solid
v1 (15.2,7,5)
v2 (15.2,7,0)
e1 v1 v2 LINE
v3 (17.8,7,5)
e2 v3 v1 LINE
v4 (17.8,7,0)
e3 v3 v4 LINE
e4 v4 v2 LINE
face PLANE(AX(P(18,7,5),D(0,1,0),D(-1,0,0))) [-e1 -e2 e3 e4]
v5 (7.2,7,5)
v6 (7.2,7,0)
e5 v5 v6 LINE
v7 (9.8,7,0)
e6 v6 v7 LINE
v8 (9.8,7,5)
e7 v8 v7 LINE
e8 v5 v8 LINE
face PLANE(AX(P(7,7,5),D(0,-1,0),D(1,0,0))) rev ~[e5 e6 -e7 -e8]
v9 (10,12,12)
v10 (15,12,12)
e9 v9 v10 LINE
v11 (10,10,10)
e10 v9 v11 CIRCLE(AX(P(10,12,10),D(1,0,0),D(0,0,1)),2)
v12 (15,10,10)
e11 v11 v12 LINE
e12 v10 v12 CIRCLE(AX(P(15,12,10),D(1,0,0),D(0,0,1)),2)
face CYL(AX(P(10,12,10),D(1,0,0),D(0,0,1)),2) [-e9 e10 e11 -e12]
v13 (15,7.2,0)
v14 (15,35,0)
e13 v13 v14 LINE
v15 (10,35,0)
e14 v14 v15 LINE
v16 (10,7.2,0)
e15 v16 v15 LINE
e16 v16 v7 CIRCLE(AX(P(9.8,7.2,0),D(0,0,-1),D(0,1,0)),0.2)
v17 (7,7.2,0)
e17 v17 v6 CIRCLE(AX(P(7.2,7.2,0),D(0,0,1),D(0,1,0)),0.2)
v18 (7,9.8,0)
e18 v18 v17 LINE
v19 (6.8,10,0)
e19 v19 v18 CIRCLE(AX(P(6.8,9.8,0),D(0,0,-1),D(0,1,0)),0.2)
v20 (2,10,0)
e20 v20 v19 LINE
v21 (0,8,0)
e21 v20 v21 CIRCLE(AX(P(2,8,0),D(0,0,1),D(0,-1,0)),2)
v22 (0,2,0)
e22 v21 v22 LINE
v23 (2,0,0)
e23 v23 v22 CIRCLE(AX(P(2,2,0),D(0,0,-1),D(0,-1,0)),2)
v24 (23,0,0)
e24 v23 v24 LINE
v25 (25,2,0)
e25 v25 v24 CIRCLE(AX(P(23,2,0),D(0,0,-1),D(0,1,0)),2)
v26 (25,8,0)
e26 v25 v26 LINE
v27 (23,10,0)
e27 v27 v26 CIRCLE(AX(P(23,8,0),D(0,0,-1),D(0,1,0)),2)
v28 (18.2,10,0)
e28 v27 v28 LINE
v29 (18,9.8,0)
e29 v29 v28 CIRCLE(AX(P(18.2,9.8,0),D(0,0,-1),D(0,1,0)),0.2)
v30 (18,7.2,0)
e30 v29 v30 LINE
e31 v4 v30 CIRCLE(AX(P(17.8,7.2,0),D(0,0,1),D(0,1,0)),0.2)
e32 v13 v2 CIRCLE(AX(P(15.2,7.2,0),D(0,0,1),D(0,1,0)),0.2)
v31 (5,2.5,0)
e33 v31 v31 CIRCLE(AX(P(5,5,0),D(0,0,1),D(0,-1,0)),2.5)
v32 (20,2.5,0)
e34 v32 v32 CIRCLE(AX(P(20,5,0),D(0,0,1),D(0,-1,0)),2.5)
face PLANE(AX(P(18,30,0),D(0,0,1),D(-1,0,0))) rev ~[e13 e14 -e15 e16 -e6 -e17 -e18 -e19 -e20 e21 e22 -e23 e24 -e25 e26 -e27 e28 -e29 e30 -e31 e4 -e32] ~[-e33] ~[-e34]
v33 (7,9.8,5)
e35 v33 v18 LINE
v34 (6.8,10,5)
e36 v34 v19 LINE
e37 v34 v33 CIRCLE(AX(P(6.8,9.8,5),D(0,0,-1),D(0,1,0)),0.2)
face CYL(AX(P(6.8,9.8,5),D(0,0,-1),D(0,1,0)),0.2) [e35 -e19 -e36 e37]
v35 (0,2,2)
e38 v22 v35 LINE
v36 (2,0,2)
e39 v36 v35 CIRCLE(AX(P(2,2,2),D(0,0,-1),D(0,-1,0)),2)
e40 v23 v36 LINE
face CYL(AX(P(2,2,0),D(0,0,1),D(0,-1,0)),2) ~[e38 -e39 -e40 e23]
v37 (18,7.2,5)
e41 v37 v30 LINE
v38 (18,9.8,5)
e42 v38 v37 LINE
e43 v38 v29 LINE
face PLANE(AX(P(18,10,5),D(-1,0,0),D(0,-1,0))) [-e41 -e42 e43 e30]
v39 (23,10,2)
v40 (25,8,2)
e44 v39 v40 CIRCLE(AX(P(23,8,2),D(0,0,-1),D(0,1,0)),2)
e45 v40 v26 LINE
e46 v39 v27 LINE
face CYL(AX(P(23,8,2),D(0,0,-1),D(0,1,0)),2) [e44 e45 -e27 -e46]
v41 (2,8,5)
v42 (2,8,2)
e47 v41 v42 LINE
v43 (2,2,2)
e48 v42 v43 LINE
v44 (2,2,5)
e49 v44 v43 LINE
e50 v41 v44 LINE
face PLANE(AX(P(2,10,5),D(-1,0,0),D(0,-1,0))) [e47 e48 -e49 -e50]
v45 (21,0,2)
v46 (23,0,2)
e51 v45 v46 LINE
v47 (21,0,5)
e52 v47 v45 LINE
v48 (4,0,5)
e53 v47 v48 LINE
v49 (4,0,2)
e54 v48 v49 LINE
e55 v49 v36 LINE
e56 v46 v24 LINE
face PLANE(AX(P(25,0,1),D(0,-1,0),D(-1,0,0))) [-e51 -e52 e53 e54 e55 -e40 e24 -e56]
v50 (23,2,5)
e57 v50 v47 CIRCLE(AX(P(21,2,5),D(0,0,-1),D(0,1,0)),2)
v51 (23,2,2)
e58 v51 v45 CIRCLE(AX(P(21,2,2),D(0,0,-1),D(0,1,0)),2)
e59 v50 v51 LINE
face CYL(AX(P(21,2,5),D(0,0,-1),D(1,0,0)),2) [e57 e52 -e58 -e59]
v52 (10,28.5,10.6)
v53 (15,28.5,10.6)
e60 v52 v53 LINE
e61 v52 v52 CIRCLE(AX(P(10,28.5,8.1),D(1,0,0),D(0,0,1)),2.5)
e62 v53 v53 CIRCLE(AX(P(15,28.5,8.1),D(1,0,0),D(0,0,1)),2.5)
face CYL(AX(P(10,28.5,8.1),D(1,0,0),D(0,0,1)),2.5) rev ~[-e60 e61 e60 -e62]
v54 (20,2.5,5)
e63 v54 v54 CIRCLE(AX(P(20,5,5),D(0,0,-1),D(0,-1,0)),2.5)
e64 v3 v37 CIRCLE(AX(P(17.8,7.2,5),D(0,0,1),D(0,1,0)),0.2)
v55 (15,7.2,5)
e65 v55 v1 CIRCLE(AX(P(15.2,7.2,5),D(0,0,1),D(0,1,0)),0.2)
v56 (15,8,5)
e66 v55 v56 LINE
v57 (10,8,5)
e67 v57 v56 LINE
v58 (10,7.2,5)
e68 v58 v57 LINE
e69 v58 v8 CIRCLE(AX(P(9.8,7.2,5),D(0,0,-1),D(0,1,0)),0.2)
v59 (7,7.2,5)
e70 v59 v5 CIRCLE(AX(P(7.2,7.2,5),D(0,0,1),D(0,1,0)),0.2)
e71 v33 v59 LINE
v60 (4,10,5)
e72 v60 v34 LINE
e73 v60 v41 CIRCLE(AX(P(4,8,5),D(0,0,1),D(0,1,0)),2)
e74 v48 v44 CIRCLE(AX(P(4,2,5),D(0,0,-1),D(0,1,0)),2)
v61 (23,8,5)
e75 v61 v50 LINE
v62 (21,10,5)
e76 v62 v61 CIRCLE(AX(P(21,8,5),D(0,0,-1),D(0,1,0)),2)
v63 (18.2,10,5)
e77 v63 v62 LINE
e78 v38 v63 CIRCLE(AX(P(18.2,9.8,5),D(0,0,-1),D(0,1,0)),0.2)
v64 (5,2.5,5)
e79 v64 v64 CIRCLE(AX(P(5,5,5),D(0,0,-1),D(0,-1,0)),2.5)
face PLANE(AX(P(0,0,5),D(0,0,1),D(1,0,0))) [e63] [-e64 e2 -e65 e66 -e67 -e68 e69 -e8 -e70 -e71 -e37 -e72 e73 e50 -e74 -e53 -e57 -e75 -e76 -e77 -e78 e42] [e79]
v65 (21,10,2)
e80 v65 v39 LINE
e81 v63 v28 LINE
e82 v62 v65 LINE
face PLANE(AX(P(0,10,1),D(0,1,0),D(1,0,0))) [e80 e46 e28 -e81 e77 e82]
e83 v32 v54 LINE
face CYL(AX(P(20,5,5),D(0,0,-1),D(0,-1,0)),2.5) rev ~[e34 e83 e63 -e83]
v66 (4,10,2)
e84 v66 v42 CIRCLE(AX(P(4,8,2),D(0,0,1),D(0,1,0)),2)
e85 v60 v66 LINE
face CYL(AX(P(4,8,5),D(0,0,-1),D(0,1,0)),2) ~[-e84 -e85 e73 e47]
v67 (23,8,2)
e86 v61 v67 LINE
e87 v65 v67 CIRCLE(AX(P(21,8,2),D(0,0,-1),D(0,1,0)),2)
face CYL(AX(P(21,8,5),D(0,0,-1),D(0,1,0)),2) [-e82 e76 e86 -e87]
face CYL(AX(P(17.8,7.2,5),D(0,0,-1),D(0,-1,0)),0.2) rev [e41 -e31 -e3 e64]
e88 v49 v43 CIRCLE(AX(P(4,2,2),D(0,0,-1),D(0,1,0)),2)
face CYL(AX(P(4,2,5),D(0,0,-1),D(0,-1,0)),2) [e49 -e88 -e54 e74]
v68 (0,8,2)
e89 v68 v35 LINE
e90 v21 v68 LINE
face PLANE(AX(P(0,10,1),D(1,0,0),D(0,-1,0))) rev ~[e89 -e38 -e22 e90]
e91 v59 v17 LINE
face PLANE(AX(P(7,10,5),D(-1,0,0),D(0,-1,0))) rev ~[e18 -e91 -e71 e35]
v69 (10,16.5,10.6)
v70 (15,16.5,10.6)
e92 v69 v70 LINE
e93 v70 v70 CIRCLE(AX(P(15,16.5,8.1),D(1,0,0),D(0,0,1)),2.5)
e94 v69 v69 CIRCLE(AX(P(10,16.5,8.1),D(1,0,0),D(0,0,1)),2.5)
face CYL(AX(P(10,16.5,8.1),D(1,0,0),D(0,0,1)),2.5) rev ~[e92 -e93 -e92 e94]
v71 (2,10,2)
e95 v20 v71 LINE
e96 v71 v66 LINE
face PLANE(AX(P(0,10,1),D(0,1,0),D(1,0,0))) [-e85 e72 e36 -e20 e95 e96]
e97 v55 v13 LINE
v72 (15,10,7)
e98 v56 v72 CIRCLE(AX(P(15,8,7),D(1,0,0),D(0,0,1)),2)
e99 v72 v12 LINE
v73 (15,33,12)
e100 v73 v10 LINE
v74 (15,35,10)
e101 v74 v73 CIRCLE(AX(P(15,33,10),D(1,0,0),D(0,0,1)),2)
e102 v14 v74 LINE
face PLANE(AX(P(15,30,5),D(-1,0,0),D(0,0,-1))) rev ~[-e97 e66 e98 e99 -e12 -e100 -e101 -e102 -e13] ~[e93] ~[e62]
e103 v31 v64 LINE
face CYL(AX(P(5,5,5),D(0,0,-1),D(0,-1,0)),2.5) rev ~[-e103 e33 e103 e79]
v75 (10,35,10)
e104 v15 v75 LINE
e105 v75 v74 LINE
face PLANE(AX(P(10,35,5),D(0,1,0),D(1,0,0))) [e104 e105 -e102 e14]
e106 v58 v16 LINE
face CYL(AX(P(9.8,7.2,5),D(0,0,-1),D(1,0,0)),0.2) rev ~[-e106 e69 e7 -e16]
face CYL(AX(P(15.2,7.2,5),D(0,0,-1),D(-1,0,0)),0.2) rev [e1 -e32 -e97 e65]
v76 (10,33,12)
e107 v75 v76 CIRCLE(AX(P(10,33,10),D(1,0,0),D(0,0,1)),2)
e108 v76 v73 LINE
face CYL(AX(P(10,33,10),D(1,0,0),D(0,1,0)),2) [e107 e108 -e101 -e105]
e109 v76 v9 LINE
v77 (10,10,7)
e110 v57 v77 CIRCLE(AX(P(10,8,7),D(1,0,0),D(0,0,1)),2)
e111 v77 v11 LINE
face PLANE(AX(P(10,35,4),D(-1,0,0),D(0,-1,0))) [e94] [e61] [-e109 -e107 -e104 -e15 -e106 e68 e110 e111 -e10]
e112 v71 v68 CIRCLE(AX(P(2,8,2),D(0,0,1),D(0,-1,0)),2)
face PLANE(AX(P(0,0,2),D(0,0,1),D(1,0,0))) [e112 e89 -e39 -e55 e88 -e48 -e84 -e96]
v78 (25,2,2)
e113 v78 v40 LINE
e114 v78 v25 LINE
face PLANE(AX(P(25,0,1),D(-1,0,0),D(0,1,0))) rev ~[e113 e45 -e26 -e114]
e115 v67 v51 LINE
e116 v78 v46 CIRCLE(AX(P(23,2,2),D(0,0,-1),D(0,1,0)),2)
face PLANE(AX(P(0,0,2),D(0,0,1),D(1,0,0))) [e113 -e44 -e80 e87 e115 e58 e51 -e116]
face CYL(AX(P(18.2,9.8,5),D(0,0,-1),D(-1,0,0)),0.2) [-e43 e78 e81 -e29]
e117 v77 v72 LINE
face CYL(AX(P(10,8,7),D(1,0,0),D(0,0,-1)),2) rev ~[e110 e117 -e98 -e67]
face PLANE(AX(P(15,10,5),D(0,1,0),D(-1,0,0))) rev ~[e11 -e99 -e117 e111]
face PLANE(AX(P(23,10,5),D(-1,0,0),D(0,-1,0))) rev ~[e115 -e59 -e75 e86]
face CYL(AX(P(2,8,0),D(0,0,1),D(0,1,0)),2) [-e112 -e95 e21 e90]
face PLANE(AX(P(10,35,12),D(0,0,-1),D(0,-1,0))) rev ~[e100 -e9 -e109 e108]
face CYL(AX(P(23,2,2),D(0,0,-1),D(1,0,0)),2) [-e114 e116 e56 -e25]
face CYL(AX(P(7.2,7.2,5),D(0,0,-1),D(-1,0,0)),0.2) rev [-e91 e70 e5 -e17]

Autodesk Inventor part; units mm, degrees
ref_plane "YZ Plane" through (0, 0, 0) normal (1, 0, 0) x (0, 1, 0)
ref_plane "XZ Plane" through (0, 0, 0) normal (0, 1, 0) x (-1, 0, 0)
ref_plane "XY Plane" through (0, 0, 0) normal (0, 0, 1) x (1, 0, 0)
sketch "スケッチ6" plane through (0, 0, 0) normal (0, 0, 1) x (1, 0, 0)
  line L0 (0, 0) -> (25, 0)
  line L1 (25, 0) -> (25, 30)
  line L2 (25, 30) -> (0, 30)
  line L3 (0, 30) -> (0, 0)
  circle A0 centre (5, 5) radius 2.5
  circle A1 centre (20, 5) radius 2.5
  dimension "d39" = 5
  dimension "d40" = 5
  dimension "d41" = 5
  dimension "d42" = 5
  dimension "d43" = 15
  dimension "d44" = 5
  dimension "d45" = 5
  dimension "d46" = 30
extrude "押し出し4" add sketch "スケッチ6" along normal blind 5
sketch "スケッチ7" plane through (0, 0, 5) normal (0, 0, 1) x (1, 0, 0)
  line L0 (25, 30) -> (0, 30) projected
  line L1 (10, 30) -> (15, 30)
  line L2 (15, 30) -> (15, 10)
  line L3 (15, 10) -> (10, 10)
  line L4 (10, 10) -> (10, 30)
  line L5 (25, 0) -> (25, 30) projected
  line L6 (0, 30) -> (0, 0) projected
  line L7 (0, 0) -> (25, 0) projected
  line L8 (10, 30) -> (15, 30)
  line L9 (15, 30) -> (15, 35)
  line L10 (15, 35) -> (10, 35)
  line L11 (10, 35) -> (10, 30)
  dimension "d49" = 5
  dimension "d50" = 10
  dimension "d51" = 10
  dimension "d52" = 10
  dimension "d55" = 5
  dimension "d56" = 5
extrude "押し出し5" add sketch "スケッチ7" along normal blind 10 contours L2 L3 L4 L0 | L0 L11 L10 L9
sketch "スケッチ8" plane through (10, 30, 5) normal (-1, 0, 0) x (0, 0, 1)
  line L0 (10, 5) -> (10, -20) projected
  line L1 (0, 5) -> (10, 5) projected
  line L2 (0, -20) -> (10, -20) projected
  point P0 (-5, -30)
  point P1 (3.1, -13.5)
  point P2 (3.1, -1.5)
  dimension "d57" = 6.9
  dimension "d58" = 6.9
  dimension "d59" = 12
  dimension "d60" = 6.5
  dimension "d61" = 6.5
hole "穴3" at (10, 16.5, 8.1) at (10, 28.5, 8.1) direction (1, 0, 0) diameter 5 depth 8
sketch "スケッチ9" plane through (0, 0, 5) normal (0, 0, 1) x (1, 0, 0)
  line L0 (10, 30) -> (0, 30) projected
  line L1 (0, 30) -> (7, 30)
  line L2 (7, 30) -> (7, 10)
  line L3 (7, 10) -> (0, 10)
  line L4 (0, 10) -> (0, 30)
  line L5 (25, 0) -> (25, 30) projected
  line L6 (25, 30) -> (18, 30)
  line L7 (18, 30) -> (18, 10)
  line L8 (18, 10) -> (25, 10)
  line L9 (25, 10) -> (25, 30)
  point P0 (0, 0)
  point P1 (5, 30)
  point P2 (18, 20)
  point P3 (7, 20)
  dimension "d70" = 20
  dimension "d72" = 7
  dimension "d73" = 7
extrude "押し出し6" cut sketch "スケッチ9" against normal blind 10
sketch "スケッチ10" plane through (0, 0, 5) normal (0, 0, 1) x (1, 0, 0)
  line L0 (10, 30) -> (7, 30) projected
  line L1 (7, 30) -> (7, 10) projected
  line L2 (7, 10) -> (0, 10) projected
  line L3 (0, 10) -> (0, 0) projected
  line L4 (0, 0) -> (25, 0) projected
  line L5 (25, 0) -> (25, 10) projected
  line L6 (25, 10) -> (18, 10) projected
  line L7 (18, 10) -> (18, 30) projected
  line L8 (18, 30) -> (15, 30) projected
  circle A0 centre (5, 5) radius 2.5 projected
  circle A1 centre (20, 5) radius 2.5 projected
  line L9 (2, 8) -> (23, 8)
  line L10 (23, 8) -> (23, 2)
  line L11 (23, 2) -> (2, 2)
  line L12 (2, 2) -> (2, 8)
  line L13 (2, 10) -> (2, 0)
  line L14 (24, 10) -> (19, 10) projected
  line L15 (23, 10) -> (23, 0)
  line L16 (15, 30) -> (15, 10) projected
  line L17 (15, 10) -> (10, 10) projected
  line L18 (10, 10) -> (10, 30) projected
  point P0 (2, 2)
  point P1 (23, 2)
  dimension "d77" = 2
  dimension "d78" = 2
  dimension "d79" = 2
  dimension "d80" = 2
extrude "押し出し7" cut sketch "スケッチ10" against normal blind 4 contours L18 L17 L16 L8 L7 L6 L15 L9 L13 L2 L1 L0 | L13 L12 L4 L3 L2 | L9 L10 L11 L12 | L15 L6 L5 L4 L10 | L11 L15 L4 L13 | A0 | A1
sketch "スケッチ11" plane through (0, 0, 1) normal (0, 0, 1) x (1, 0, 0)
  line L0 (0, 10) -> (0, 0) projected
  line L1 (25, 0) -> (25, 10) projected
  line L2 (0, 10) -> (25, 10)
  line L3 (25, 10) -> (25, 0)
  line L4 (25, 0) -> (0, 0)
  line L5 (0, 0) -> (0, 10)
extrude "押し出し8" add sketch "スケッチ11" along normal blind 4
sketch "スケッチ12" plane through (0, 0, 5) normal (0, 0, 1) x (1, 0, 0)
  circle A0 centre (5, 5) radius 2.5 projected
  circle A1 centre (20, 5) radius 2.5 projected
  point P0 (0, 0)
hole "穴4" at (5, 5, 5) at (20, 5, 5) direction (0, 0, -1) diameter 5 depth 8
sketch "スケッチ13" plane through (10, 30, 5) normal (-1, 0, 0) x (0, 0, 1)
  line L0 (10, -20) -> (10, 5) projected
  line L1 (0, -20) -> (10, -20) projected
  line L2 (10, 5) -> (7, 5)
  line L3 (7, 5) -> (7, -20)
  line L4 (7, -20) -> (10, -20)
  line L5 (10, -20) -> (10, 5)
  line L6 (-4, 0) -> (-4, -20) projected
  line L7 (-4, -20) -> (-1, -20)
  line L8 (-1, -20) -> (-1, 5)
  line L9 (-1, 5) -> (-4, 5)
  line L10 (-4, 5) -> (-4, -20)
  point P0 (-5, -30)
  dimension "d93" = 3
  dimension "d94" = 3
extrude "押し出し9" cut sketch "スケッチ13" against normal through all contours L1 L3 L2 L0
sketch "スケッチ14" plane through (10, 30, 5) normal (0, 1, 0) x (1, 0, 0)
  line L0 (5, 4) -> (8, 4) projected
  line L1 (8, 4) -> (8, 5) projected
  line L2 (8, 5) -> (-3, 5) projected
  line L3 (-3, 5) -> (-3, 4) projected
  line L4 (-3, 4) -> (0, 4) projected
  line L5 (0, 4) -> (0, 0) projected
  line L6 (5, 0) -> (0, 0) projected
  line L7 (5, 0) -> (5, 4) projected
  point P0 (-10, 5)
extrude "押し出し10" add sketch "スケッチ14" along normal blind 5
sketch "スケッチ15" plane through (0, 0, 1) normal (0, 0, 1) x (1, 0, 0)
  line L0 (7, 10) -> (10, 10) projected
  line L1 (10, 35) -> (10, 10) projected
  line L2 (7, 35) -> (10, 35) projected
  line L3 (7, 10) -> (7, 35) projected
  line L4 (15, 10) -> (18, 10) projected
  line L5 (18, 35) -> (18, 10) projected
  line L6 (15, 35) -> (18, 35) projected
  line L7 (15, 10) -> (15, 35) projected
  point P0 (0, 0)
extrude "押し出し11" add sketch "スケッチ15" along normal blind 3
sketch "スケッチ16" plane through (0, 0, 5) normal (0, 0, 1) x (1, 0, 0)
  line L0 (25, 0) -> (25, 10) projected
  line L1 (10, 10) -> (0, 10) projected
  line L2 (25, 10) -> (15, 10) projected
  line L3 (10, 10) -> (15, 10) projected
  line L4 (0, 10) -> (0, 0) projected
  line L5 (0, 0) -> (25, 0) projected
  circle A0 centre (20, 5) radius 2.5 projected
  circle A1 centre (5, 5) radius 2.5 projected
  line L6 (2, 10) -> (2, 0)
  line L7 (23, 10) -> (23, 0)
  point P0 (23, 0)
  point P1 (2, 0)
extrude "押し出し12" cut sketch "スケッチ16" against normal blind 3 contours L5 L7 L2 L0 | L5 L4 L1 L6
fillet "フィレット7" radius 2 4 edges at (2, 10, 3.5) (2, 0, 3.5) (23, 10, 3.5) (23, 0, 3.5)
sketch "スケッチ17" plane through (0, 0, 4) normal (0, 0, 1) x (1, 0, 0)
  line L0 (10, 35) -> (10, 10) projected
  line L1 (10, 35) -> (7, 35) projected
  line L2 (7, 35) -> (7, 10) projected
  line L3 (18, 10) -> (18, 35) projected
  line L4 (18, 35) -> (15, 35) projected
  line L5 (15, 10) -> (15, 35) projected
  line L6 (18, 10) -> (15, 10) projected
  line L7 (10, 10) -> (7, 10) projected
  point P0 (0, 0)
extrude "押し出し13" cut sketch "スケッチ17" against normal through all
sketch "スケッチ18" plane through (0, 0, 5) normal (0, 0, 1) x (1, 0, 0)
  line L0 (10, 10) -> (4, 10) projected
  line L1 (10, 10) -> (7, 10)
  line L2 (7, 10) -> (7, 7)
  line L3 (7, 7) -> (10, 7)
  line L4 (10, 7) -> (10, 10)
  line L5 (21, 10) -> (15, 10) projected
  line L6 (15, 10) -> (18, 10)
  line L7 (18, 10) -> (18, 7)
  line L8 (18, 7) -> (15, 7)
  line L9 (15, 7) -> (15, 10)
  point P0 (0, 0)
  dimension "d107" = 3
  dimension "d108" = 3
  dimension "d109" = 3
extrude "押し出し14" cut sketch "スケッチ18" against normal blind 10
fillet "フィレット8" radius 0.2 6 edges at (7, 10, 2.5) (7, 7, 2.5) (18, 10, 2.5) (15, 7, 2.5) (10, 7, 2.5) (18, 7, 2.5)
fillet "フィレット9" radius 2 7 edges at (0, 10, 1) (0, 0, 1) (12.5, 35, 12) (12.5, 10, 12) (12.5, 10, 5) (25, 10, 1) (25, 0, 1)
equation "\"d42\" = d41"
equation "\"d45\" = d44"
equation "\"d58\" = d57"
equation "\"d73\" = d72"
equation "\"d94\" = d93"
equation "\"d108\" = d107"
properties part number "BP_BOX-Support-Bar-Connect1-20" material "ABS プラスチック"
